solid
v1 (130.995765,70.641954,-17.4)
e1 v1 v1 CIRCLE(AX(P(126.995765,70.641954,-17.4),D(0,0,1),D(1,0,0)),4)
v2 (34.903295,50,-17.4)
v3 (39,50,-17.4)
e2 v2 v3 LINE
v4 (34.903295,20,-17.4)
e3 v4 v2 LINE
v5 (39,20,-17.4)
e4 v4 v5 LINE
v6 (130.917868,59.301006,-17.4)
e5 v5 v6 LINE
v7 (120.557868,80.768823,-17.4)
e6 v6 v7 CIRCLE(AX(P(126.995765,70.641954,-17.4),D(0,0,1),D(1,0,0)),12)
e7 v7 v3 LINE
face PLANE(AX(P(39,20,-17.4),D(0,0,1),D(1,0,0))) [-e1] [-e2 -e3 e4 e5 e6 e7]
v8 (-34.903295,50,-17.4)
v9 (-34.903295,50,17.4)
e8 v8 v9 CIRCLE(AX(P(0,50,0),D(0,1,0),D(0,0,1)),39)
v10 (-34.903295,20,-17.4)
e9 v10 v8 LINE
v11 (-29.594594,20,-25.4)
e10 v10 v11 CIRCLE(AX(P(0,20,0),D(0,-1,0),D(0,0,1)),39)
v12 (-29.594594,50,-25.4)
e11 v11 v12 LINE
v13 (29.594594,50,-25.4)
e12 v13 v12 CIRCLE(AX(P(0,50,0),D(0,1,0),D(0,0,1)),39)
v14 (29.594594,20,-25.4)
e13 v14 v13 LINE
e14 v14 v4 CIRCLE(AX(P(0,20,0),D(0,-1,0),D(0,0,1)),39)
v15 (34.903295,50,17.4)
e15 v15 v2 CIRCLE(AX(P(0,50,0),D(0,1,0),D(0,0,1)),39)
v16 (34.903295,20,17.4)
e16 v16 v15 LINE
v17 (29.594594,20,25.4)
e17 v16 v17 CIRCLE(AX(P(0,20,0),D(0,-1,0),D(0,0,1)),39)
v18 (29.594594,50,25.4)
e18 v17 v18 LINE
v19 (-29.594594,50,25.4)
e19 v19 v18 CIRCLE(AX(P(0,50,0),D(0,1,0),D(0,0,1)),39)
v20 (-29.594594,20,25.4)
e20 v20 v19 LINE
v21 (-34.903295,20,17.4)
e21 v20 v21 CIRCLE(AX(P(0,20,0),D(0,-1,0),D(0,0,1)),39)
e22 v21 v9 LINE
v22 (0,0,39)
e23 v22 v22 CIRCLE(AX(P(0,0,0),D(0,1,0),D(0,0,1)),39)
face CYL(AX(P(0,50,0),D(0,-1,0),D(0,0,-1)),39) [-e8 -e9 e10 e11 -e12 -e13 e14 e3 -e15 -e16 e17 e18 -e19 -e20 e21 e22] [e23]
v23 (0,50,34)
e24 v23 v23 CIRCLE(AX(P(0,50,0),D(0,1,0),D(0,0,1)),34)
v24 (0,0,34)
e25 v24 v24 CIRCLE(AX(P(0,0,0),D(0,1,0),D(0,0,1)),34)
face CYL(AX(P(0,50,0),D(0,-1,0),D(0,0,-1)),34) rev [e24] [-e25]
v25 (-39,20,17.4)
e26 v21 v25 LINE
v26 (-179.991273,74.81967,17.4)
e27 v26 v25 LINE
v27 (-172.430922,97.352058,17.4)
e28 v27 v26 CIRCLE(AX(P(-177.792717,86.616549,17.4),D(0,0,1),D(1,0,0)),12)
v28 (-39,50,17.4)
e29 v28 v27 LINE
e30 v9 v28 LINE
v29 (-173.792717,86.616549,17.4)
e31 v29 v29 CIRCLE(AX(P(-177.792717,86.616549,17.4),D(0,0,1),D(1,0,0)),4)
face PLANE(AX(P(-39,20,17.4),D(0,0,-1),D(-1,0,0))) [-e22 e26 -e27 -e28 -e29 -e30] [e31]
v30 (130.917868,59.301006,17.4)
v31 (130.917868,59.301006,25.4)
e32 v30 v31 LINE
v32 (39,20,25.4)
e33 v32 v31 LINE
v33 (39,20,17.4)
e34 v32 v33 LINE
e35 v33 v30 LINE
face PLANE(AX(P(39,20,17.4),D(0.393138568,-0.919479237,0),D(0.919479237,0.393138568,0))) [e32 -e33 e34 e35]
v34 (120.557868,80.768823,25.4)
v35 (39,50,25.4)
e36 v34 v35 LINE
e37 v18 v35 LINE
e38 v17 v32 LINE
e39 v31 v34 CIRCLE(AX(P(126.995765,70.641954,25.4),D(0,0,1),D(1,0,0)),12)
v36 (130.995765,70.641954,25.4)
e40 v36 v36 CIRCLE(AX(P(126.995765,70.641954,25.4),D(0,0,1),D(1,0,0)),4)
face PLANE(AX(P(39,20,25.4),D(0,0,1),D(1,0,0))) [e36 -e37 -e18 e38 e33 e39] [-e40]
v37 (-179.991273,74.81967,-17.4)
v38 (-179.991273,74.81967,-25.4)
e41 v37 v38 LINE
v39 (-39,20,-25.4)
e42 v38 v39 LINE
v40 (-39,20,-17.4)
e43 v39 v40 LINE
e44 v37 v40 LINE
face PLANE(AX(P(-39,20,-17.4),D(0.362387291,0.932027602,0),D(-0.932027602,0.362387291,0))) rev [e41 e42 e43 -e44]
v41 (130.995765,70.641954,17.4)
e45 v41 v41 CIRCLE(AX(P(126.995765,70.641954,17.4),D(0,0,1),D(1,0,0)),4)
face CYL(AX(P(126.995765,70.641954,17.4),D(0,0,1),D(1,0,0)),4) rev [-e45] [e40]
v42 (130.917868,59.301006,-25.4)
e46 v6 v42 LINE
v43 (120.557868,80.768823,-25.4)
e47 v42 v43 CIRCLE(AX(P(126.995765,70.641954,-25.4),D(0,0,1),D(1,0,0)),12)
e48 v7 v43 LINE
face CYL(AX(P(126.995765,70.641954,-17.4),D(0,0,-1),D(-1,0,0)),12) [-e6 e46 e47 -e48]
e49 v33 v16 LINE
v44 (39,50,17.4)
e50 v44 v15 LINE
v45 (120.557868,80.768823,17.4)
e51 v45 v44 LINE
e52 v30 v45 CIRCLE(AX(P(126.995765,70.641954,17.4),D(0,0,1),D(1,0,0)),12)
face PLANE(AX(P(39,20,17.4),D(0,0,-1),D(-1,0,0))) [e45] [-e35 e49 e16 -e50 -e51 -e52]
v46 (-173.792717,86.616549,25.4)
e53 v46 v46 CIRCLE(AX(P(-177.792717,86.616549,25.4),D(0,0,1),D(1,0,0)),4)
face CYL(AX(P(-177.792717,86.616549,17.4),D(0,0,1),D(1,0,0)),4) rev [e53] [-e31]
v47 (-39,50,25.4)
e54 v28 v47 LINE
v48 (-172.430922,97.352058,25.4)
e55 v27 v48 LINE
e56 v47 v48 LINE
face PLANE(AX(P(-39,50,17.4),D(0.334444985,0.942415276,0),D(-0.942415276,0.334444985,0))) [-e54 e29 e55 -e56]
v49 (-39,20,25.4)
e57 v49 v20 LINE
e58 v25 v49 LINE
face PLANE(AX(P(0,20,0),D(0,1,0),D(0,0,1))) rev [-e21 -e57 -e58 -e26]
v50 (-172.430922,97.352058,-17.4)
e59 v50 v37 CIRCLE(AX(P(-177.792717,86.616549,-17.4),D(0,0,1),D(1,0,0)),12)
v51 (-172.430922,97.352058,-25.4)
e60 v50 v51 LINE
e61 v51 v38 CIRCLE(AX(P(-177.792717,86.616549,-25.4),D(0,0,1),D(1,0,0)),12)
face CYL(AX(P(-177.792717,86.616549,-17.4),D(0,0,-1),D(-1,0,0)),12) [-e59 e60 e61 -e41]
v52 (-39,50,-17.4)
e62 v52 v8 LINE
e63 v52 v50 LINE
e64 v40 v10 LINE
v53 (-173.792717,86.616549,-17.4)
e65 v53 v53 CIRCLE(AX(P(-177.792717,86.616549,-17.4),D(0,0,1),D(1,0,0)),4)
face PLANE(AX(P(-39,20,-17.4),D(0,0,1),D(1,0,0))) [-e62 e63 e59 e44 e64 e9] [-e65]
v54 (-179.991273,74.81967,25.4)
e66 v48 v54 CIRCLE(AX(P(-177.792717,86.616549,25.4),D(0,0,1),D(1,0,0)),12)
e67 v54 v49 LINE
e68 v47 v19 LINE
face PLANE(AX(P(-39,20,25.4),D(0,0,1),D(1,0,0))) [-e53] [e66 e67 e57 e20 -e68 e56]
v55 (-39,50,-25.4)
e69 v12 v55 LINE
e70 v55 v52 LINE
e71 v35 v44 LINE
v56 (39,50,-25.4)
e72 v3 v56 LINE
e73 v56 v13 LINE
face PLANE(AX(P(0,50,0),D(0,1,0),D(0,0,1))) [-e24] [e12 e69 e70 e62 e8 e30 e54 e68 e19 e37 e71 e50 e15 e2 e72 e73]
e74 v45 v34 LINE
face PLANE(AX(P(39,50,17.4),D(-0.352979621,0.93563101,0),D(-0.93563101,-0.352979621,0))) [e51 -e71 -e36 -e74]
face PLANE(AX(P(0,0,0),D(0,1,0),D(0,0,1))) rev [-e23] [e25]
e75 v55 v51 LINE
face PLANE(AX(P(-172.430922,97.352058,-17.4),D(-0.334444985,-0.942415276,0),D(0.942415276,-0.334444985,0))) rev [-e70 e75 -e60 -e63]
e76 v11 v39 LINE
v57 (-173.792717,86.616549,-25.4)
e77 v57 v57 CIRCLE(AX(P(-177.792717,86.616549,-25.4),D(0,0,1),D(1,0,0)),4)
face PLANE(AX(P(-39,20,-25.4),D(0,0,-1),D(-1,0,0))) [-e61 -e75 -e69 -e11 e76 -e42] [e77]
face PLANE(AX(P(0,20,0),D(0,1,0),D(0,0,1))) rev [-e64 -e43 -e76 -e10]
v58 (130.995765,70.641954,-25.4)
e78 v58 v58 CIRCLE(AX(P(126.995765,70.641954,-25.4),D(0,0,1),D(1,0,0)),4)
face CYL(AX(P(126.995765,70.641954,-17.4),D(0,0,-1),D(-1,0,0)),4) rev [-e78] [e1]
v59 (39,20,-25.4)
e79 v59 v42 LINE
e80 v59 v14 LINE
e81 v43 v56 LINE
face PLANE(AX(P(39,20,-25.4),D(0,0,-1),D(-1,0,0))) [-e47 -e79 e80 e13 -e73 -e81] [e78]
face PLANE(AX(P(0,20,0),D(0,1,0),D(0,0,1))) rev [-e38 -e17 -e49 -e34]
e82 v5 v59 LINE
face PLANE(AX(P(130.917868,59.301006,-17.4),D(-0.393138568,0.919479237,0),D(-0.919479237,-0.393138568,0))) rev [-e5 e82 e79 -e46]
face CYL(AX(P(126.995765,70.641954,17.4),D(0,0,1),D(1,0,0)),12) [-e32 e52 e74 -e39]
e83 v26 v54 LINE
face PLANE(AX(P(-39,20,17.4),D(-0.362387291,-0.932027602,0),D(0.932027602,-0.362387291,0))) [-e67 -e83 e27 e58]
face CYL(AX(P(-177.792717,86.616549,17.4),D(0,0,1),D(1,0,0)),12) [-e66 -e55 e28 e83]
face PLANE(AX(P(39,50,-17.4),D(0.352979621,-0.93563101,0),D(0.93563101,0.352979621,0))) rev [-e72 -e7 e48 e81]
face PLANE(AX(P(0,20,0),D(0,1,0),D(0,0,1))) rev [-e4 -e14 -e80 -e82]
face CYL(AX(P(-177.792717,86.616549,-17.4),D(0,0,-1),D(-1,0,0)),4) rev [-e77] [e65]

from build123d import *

# Parameters (mm, degrees)
SKETCH2_R             = 39
SKETCH2_R_2           = 34
BOSS_EXTRUDE1_DEPTH   = 50
SKETCH3_R             = 4
BOSS_EXTRUDE2_DEPTH   = 8
BOSS_EXTRUDE2_2_DEPTH = 8
SKETCH4_R             = 4
BOSS_EXTRUDE3_DEPTH   = 8
BOSS_EXTRUDE3_2_DEPTH = 8
BOSS_EXTRUDE4_START   = -30
BOSS_EXTRUDE4_DEPTH   = 30


with BuildPart() as part:
    # Sketch2 → Boss-Extrude1 (new body)
    with BuildSketch(Plane(origin=(0, 0, 0), x_dir=(1, 0, 0), z_dir=(0, 1, 0))):
        with Locations(Location((0, 0, 0), (0, 0, 270))):
            Circle(SKETCH2_R)
        with Locations(Location((0, 0, 0), (0, 0, 270))):
            Circle(SKETCH2_R_2, mode=Mode.SUBTRACT)
    extrude(amount=BOSS_EXTRUDE1_DEPTH)



with BuildPart() as body_2:
    # Sketch3 → Boss-Extrude2 (new body)
    with BuildSketch(Plane.XY.offset(25.4)):
        with BuildLine():
            Line((-39, 20), (-39, 50))
            Line((-39, 50), (-172.430922253, 97.352057933))
            ThreePointArc((-172.430922253, 97.352057933), (-189.169388202, 90.433792858), (-179.991273047, 74.819669887))
            Line((-179.991273047, 74.819669887), (-39, 20))
        make_face()
        with Locations((-177.792717004, 86.616548767)):
            Circle(SKETCH3_R, mode=Mode.SUBTRACT)
    extrude(amount=-BOSS_EXTRUDE2_DEPTH)


with BuildPart() as body_3:
    # Sketch3 → Boss-Extrude2 2 (new body)
    with BuildSketch(Plane.XY.offset(25.4)):
        with BuildLine():
            Line((39, 50), (39, 20))
            Line((39, 20), (130.917867667, 59.301005864))
            ThreePointArc((130.917867667, 59.301005864), (137.803128547, 75.857402278), (120.557867662, 80.768823316))
            Line((120.557867662, 80.768823316), (39, 50))
        make_face()
        with Locations((126.99576519, 70.641954332)):
            Circle(SKETCH3_R, mode=Mode.SUBTRACT)
    extrude(amount=-BOSS_EXTRUDE2_2_DEPTH)


with BuildPart() as body_4:
    # Sketch4 → Boss-Extrude3 (new body)
    with BuildSketch(Plane.XY.offset(-25.4)):
        with BuildLine():
            Line((39, 50), (120.557867662, 80.768823316))
            ThreePointArc((120.557867662, 80.768823316), (137.803128547, 75.857402278), (130.917867667, 59.301005864))
            Line((130.917867667, 59.301005864), (39, 20))
            Line((39, 20), (39, 50))
        make_face()
        with Locations((126.99576519, 70.641954332)):
            Circle(SKETCH4_R, mode=Mode.SUBTRACT)
    extrude(amount=BOSS_EXTRUDE3_DEPTH)


with BuildPart() as body_5:
    # Sketch4 → Boss-Extrude3 2 (new body)
    with BuildSketch(Plane.XY.offset(-25.4)):
        with BuildLine():
            Line((-172.430922253, 97.352057933), (-39, 50))
            Line((-39, 50), (-39, 20))
            Line((-39, 20), (-179.991273047, 74.819669887))
            ThreePointArc((-179.991273047, 74.819669887), (-189.169388202, 90.433792858), (-172.430922253, 97.352057933))
        make_face()
        with Locations((-177.792717004, 86.616548767)):
            Circle(SKETCH4_R, mode=Mode.SUBTRACT)
    extrude(amount=BOSS_EXTRUDE3_2_DEPTH)


with BuildPart() as part_1:
    add(part.part)

    add(body_2.part)  # Boss-Extrude4 merges body 2

    add(body_3.part)  # Boss-Extrude4 merges body 3

    add(body_4.part)  # Boss-Extrude4 merges body 4

    add(body_5.part)  # Boss-Extrude4 merges body 5
    # Sketch6 → Boss-Extrude4 (add)
    with BuildSketch(Plane(origin=(0, 50, 0), x_dir=(1, 0, 0), z_dir=(0, 1, 0)).offset(BOSS_EXTRUDE4_START)):
        with BuildLine():
            Line((39, 25.4), (39, 17.4))
            Line((39, 17.4), (34.903294973, 17.4))
            ThreePointArc((34.903294973, 17.4), (32.49606782, 21.563987948), (29.594594101, 25.4))
            Line((29.594594101, 25.4), (39, 25.4))
        make_face()
        with BuildLine():
            Line((39, -17.4), (39, -25.4))
            Line((39, -25.4), (29.594594101, -25.4))
            ThreePointArc((29.594594101, -25.4), (32.49606782, -21.563987948), (34.903294973, -17.4))
            Line((34.903294973, -17.4), (39, -17.4))
        make_face()
        with BuildLine():
            Line((-39, -25.4), (-39, -17.4))
            Line((-39, -17.4), (-34.903294973, -17.4))
            ThreePointArc((-34.903294973, -17.4), (-32.49606782, -21.563987948), (-29.594594101, -25.4))
            Line((-29.594594101, -25.4), (-39, -25.4))
        make_face()
        with BuildLine():
            Line((-39, 17.4), (-39, 25.4))
            Line((-39, 25.4), (-29.594594101, 25.4))
            ThreePointArc((-29.594594101, 25.4), (-32.49606782, 21.563987948), (-34.903294973, 17.4))
            Line((-34.903294973, 17.4), (-39, 17.4))
        make_face()
    extrude(amount=BOSS_EXTRUDE4_DEPTH)


solid = part_1.part
